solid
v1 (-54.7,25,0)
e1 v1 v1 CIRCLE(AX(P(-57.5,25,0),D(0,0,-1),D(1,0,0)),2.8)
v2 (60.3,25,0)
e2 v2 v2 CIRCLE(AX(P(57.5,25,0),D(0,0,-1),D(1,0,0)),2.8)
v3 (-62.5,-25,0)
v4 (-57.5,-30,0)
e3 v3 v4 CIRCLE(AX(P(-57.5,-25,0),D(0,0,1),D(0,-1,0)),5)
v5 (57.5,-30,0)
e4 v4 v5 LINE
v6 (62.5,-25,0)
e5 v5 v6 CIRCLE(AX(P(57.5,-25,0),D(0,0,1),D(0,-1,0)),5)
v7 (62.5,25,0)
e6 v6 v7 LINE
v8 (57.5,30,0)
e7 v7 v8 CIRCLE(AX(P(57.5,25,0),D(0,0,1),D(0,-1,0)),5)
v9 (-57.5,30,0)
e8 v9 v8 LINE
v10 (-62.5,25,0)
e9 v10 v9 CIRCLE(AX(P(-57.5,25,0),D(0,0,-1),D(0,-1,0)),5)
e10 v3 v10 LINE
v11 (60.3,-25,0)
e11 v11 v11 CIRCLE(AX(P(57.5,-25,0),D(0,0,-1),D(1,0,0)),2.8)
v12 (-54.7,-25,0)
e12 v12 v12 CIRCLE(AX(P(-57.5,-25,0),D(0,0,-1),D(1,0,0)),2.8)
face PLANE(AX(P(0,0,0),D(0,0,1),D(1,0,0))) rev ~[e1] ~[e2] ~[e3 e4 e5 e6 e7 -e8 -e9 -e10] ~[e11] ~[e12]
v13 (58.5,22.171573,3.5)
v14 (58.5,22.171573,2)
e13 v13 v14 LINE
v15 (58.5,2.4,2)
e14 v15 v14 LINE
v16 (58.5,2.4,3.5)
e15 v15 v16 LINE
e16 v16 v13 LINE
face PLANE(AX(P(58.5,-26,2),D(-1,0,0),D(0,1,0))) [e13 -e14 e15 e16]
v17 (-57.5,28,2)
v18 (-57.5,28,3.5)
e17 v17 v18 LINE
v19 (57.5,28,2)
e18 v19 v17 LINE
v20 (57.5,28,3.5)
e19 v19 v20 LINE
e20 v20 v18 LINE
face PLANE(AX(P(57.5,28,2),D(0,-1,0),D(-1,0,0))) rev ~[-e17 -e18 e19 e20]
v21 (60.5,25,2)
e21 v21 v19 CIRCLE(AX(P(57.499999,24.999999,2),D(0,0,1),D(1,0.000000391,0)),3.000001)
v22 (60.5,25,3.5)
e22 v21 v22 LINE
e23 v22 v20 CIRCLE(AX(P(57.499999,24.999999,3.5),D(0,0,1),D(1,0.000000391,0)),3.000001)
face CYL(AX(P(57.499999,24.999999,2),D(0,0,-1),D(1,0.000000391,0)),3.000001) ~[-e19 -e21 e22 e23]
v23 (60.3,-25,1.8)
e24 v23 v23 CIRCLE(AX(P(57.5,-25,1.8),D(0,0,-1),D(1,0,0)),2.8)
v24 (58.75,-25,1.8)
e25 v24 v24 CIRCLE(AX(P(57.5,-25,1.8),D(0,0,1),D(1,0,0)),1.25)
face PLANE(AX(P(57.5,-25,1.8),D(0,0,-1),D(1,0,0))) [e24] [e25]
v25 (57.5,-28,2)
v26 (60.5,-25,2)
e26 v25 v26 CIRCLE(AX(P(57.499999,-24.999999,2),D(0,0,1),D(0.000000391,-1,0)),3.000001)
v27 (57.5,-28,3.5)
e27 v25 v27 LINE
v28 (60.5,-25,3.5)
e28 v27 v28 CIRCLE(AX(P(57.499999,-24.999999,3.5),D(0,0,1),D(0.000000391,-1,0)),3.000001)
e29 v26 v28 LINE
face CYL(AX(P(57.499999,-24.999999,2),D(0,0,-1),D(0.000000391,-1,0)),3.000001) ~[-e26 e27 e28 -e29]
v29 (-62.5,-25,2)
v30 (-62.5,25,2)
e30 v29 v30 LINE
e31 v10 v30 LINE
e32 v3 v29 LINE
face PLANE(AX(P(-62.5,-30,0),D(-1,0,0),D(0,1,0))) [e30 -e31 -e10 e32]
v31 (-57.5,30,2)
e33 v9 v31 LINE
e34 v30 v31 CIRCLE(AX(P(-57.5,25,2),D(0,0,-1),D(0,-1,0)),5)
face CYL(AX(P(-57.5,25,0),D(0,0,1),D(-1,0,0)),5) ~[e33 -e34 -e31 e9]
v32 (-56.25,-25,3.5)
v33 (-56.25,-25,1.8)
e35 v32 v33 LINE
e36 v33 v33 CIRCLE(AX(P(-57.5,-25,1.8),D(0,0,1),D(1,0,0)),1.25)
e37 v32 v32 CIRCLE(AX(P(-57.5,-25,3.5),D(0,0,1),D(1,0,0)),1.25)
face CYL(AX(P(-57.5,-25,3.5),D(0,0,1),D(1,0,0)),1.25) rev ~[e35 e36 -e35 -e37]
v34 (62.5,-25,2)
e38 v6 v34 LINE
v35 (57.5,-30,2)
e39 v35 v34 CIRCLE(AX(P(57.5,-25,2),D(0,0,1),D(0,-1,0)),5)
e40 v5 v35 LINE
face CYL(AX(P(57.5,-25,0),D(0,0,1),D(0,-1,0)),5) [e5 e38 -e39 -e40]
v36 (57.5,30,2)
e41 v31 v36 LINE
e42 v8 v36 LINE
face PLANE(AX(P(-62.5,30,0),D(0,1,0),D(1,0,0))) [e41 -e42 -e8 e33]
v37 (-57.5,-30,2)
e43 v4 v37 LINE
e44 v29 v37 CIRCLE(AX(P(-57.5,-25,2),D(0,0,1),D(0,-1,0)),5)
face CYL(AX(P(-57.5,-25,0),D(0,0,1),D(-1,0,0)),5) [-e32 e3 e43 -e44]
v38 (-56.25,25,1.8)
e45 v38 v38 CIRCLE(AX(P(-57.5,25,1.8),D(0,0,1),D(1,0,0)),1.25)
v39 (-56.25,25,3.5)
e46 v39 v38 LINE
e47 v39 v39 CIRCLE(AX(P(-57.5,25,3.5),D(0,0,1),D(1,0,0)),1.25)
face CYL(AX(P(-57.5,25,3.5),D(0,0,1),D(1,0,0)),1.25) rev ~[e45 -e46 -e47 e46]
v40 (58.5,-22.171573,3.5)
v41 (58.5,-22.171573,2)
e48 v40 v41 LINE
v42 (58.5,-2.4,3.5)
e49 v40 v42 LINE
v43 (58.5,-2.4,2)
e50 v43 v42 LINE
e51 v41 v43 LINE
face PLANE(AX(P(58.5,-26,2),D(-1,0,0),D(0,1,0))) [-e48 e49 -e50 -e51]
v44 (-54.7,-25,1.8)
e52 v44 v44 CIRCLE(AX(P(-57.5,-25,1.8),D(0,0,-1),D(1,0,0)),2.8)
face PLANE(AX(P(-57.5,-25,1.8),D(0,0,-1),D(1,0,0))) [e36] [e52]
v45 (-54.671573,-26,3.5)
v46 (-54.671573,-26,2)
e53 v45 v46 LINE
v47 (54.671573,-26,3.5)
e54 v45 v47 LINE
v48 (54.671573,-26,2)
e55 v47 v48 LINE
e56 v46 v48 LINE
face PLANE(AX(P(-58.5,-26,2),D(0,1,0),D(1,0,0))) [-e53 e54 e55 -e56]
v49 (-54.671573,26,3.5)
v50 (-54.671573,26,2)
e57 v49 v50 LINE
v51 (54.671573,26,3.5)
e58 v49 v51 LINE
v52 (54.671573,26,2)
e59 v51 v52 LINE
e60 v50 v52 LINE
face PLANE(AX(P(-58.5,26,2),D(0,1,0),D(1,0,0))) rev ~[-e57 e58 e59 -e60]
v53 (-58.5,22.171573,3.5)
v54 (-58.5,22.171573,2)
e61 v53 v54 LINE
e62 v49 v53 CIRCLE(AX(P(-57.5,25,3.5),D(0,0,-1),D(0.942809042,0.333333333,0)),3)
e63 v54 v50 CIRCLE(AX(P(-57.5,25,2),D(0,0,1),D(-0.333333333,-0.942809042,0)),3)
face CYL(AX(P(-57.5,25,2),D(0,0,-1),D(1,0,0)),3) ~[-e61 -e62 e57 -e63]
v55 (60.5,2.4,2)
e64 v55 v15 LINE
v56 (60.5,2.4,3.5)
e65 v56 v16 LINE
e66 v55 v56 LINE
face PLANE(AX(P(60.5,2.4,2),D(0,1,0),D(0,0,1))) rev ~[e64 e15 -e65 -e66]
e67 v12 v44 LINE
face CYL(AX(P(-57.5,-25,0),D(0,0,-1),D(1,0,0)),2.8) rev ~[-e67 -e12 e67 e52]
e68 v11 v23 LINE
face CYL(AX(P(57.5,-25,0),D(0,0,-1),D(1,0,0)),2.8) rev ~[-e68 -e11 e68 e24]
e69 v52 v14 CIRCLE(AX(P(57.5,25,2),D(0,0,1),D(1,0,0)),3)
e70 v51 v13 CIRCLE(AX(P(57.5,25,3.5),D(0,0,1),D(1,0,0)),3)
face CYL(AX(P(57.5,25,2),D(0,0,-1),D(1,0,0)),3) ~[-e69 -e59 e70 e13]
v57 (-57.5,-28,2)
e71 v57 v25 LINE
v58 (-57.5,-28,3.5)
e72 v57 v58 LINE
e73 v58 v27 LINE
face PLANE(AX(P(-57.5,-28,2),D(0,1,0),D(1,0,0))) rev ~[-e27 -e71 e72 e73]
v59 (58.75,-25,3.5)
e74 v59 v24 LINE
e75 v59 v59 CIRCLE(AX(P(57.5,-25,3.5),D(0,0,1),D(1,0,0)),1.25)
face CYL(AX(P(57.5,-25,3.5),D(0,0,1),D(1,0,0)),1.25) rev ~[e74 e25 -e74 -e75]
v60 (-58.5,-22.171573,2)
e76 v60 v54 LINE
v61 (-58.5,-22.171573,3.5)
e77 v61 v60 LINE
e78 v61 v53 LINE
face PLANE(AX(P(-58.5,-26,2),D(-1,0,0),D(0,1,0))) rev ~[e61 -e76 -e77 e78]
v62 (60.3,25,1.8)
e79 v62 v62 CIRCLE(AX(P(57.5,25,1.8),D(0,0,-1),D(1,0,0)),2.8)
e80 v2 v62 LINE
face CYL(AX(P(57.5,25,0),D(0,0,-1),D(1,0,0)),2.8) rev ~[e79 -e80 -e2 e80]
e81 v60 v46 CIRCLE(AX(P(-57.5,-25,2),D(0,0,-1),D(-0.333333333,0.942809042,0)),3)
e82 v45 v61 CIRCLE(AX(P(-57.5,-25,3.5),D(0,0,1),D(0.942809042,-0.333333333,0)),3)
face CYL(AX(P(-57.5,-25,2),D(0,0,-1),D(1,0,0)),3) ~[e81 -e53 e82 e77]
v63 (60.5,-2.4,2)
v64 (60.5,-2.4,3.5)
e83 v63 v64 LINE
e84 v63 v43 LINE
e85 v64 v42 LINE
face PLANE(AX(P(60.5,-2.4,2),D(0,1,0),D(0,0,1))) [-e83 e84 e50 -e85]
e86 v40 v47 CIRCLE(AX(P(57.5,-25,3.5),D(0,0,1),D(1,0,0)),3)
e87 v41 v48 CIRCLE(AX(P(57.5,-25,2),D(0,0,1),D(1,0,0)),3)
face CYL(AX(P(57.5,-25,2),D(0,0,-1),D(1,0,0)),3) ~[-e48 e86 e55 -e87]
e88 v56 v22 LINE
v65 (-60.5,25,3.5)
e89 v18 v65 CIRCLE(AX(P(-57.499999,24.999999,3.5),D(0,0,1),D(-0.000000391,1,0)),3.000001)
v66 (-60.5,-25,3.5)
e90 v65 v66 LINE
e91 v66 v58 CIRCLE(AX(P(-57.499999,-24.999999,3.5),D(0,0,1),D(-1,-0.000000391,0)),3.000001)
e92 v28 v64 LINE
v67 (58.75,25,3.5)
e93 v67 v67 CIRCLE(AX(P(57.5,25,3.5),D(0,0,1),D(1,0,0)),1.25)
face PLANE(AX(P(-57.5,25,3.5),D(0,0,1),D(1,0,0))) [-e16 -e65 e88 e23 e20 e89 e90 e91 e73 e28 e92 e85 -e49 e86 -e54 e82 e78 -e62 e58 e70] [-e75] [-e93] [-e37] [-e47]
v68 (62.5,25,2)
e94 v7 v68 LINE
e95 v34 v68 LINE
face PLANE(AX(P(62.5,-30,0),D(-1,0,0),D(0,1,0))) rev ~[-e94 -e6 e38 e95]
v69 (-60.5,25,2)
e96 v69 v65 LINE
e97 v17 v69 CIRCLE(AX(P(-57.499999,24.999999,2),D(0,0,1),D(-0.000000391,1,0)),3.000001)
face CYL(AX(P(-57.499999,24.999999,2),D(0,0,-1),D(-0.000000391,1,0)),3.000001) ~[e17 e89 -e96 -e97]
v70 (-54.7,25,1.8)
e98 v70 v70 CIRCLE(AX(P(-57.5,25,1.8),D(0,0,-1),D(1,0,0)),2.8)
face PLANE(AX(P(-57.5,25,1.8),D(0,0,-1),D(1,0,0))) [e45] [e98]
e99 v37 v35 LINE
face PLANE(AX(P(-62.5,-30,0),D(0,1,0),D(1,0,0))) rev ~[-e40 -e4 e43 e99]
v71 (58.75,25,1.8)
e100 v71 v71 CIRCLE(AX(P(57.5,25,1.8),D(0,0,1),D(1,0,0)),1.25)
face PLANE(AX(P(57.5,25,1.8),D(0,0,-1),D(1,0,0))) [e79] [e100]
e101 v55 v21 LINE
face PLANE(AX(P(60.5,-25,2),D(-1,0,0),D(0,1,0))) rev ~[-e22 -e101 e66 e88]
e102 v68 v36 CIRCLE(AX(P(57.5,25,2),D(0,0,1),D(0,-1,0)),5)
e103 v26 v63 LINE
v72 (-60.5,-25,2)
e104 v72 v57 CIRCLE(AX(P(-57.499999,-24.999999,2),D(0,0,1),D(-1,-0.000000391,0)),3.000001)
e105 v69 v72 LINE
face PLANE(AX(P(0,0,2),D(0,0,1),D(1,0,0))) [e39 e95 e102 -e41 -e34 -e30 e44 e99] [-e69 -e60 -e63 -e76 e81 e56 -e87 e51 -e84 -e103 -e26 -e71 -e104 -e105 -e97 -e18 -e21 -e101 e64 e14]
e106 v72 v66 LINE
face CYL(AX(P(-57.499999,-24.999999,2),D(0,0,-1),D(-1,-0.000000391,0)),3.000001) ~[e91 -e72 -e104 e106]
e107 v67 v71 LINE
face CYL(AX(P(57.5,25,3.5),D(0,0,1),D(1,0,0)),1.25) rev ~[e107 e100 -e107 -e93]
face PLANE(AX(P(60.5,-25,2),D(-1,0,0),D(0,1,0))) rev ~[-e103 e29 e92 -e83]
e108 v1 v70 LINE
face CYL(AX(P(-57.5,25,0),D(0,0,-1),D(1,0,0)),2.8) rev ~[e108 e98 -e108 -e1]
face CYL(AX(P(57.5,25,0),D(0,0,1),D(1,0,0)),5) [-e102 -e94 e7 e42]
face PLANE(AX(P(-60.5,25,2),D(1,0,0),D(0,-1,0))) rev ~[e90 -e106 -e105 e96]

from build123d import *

# Parameters (mm, degrees)
F0_W      = 125
F0_H      = 60
F1_DEPTH  = 2
F2_T      = -2
F3_R      = 5
F4_R      = 1.25
F5_DEPTH  = 10
F6_W      = 117
F6_H      = 52
F7_DEPTH  = 1.5
F8_R      = 3
F9_DEPTH  = 1.5
F10_R     = 1.25
F11_DEPTH = 3.5
F12_R     = 2.8
F13_DEPTH = 1.8
F14_W     = 4.8
F14_H     = 1.5
F15_DEPTH = 2


with BuildPart() as f1:
    # F0 (on Top) → F1 (new body)
    with BuildSketch(Plane.XY):
        Rectangle(F0_W, F0_H)
    extrude(amount=F1_DEPTH)

    # F2
    f2_openings = [f1.faces().sort_by_distance(p)[0] for p in [
        (0, 0, 2),
    ]]
    offset(amount=F2_T, openings=f2_openings)

    # F3
    f3_edges = [f1.edges().sort_by_distance(p)[0] for p in [
        (62.5, -30, 1),
        (62.5, 30, 1),
        (-62.5, 30, 1),
        (-62.5, -30, 1),
    ]]
    fillet(f3_edges, radius=F3_R)

    # F4 (on face) → F5 (cut)
    with BuildSketch(Plane.XY.offset(2)):
        with Locations((-57.5, 25)):
            Circle(F4_R)
        with Locations((-57.5, -25)):
            Circle(F4_R)
        with Locations((57.5, 25)):
            Circle(F4_R)
        with Locations((57.5, -25)):
            Circle(F4_R)
    extrude(amount=F5_DEPTH, mode=Mode.SUBTRACT)

    # F6 (on face) → F7 (join)
    with BuildSketch(Plane.XY.offset(2)):
        with BuildLine():
            ThreePointArc((60.5, 25), (59.62132, 27.12132), (57.5, 28))
            Line((57.5, 28), (-57.5, 28))
            ThreePointArc((-57.5, 28), (-59.62132, 27.12132), (-60.5, 25))
            Line((-60.5, 25), (-60.5, -25))
            ThreePointArc((-60.5, -25), (-59.62132, -27.12132), (-57.5, -28))
            Line((-57.5, -28), (57.5, -28))
            ThreePointArc((57.5, -28), (59.62132, -27.12132), (60.5, -25))
            Line((60.5, -25), (60.5, 25))
        make_face()
        Rectangle(F6_W, F6_H, mode=Mode.SUBTRACT)
    extrude(amount=F7_DEPTH)

    # F8 (on face) → F9 (join)
    with BuildSketch(Plane.XY.offset(2)):
        with Locations((-57.5, 25)):
            Circle(F8_R)
        with Locations((-57.5, -25)):
            Circle(F8_R)
        with Locations((57.5, -25)):
            Circle(F8_R)
        with Locations((57.5, 25)):
            Circle(F8_R)
    extrude(amount=F9_DEPTH)

    # F10 (on face) → F11 (cut, through all)
    with BuildSketch(Plane.XY.offset(3.5)):
        with Locations((57.5, -25)):
            Circle(F10_R)
        with Locations((57.5, 25)):
            Circle(F10_R)
        with Locations((-57.5, 25)):
            Circle(F10_R)
        with Locations((-57.5, -25)):
            Circle(F10_R)
    extrude(amount=-F11_DEPTH, mode=Mode.SUBTRACT)

    # F12 (on face) → F13 (cut)
    with BuildSketch(Plane(origin=(0, 0, 0), x_dir=(1, 0, 0), z_dir=(0, 0, -1))):
        with Locations((-57.5, 25)):
            Circle(F12_R)
        with Locations((57.5, 25)):
            Circle(F12_R)
        with Locations((-57.5, -25)):
            Circle(F12_R)
        with Locations((57.5, -25)):
            Circle(F12_R)
    extrude(amount=-F13_DEPTH, mode=Mode.SUBTRACT)

    # F14 (on face) → F15 (cut, through all)
    with BuildSketch(Plane.YZ.offset(60.5)):
        with Locations((0, 2.75)):
            Rectangle(F14_W, F14_H)
    extrude(amount=-F15_DEPTH, mode=Mode.SUBTRACT)


solid = f1.part
